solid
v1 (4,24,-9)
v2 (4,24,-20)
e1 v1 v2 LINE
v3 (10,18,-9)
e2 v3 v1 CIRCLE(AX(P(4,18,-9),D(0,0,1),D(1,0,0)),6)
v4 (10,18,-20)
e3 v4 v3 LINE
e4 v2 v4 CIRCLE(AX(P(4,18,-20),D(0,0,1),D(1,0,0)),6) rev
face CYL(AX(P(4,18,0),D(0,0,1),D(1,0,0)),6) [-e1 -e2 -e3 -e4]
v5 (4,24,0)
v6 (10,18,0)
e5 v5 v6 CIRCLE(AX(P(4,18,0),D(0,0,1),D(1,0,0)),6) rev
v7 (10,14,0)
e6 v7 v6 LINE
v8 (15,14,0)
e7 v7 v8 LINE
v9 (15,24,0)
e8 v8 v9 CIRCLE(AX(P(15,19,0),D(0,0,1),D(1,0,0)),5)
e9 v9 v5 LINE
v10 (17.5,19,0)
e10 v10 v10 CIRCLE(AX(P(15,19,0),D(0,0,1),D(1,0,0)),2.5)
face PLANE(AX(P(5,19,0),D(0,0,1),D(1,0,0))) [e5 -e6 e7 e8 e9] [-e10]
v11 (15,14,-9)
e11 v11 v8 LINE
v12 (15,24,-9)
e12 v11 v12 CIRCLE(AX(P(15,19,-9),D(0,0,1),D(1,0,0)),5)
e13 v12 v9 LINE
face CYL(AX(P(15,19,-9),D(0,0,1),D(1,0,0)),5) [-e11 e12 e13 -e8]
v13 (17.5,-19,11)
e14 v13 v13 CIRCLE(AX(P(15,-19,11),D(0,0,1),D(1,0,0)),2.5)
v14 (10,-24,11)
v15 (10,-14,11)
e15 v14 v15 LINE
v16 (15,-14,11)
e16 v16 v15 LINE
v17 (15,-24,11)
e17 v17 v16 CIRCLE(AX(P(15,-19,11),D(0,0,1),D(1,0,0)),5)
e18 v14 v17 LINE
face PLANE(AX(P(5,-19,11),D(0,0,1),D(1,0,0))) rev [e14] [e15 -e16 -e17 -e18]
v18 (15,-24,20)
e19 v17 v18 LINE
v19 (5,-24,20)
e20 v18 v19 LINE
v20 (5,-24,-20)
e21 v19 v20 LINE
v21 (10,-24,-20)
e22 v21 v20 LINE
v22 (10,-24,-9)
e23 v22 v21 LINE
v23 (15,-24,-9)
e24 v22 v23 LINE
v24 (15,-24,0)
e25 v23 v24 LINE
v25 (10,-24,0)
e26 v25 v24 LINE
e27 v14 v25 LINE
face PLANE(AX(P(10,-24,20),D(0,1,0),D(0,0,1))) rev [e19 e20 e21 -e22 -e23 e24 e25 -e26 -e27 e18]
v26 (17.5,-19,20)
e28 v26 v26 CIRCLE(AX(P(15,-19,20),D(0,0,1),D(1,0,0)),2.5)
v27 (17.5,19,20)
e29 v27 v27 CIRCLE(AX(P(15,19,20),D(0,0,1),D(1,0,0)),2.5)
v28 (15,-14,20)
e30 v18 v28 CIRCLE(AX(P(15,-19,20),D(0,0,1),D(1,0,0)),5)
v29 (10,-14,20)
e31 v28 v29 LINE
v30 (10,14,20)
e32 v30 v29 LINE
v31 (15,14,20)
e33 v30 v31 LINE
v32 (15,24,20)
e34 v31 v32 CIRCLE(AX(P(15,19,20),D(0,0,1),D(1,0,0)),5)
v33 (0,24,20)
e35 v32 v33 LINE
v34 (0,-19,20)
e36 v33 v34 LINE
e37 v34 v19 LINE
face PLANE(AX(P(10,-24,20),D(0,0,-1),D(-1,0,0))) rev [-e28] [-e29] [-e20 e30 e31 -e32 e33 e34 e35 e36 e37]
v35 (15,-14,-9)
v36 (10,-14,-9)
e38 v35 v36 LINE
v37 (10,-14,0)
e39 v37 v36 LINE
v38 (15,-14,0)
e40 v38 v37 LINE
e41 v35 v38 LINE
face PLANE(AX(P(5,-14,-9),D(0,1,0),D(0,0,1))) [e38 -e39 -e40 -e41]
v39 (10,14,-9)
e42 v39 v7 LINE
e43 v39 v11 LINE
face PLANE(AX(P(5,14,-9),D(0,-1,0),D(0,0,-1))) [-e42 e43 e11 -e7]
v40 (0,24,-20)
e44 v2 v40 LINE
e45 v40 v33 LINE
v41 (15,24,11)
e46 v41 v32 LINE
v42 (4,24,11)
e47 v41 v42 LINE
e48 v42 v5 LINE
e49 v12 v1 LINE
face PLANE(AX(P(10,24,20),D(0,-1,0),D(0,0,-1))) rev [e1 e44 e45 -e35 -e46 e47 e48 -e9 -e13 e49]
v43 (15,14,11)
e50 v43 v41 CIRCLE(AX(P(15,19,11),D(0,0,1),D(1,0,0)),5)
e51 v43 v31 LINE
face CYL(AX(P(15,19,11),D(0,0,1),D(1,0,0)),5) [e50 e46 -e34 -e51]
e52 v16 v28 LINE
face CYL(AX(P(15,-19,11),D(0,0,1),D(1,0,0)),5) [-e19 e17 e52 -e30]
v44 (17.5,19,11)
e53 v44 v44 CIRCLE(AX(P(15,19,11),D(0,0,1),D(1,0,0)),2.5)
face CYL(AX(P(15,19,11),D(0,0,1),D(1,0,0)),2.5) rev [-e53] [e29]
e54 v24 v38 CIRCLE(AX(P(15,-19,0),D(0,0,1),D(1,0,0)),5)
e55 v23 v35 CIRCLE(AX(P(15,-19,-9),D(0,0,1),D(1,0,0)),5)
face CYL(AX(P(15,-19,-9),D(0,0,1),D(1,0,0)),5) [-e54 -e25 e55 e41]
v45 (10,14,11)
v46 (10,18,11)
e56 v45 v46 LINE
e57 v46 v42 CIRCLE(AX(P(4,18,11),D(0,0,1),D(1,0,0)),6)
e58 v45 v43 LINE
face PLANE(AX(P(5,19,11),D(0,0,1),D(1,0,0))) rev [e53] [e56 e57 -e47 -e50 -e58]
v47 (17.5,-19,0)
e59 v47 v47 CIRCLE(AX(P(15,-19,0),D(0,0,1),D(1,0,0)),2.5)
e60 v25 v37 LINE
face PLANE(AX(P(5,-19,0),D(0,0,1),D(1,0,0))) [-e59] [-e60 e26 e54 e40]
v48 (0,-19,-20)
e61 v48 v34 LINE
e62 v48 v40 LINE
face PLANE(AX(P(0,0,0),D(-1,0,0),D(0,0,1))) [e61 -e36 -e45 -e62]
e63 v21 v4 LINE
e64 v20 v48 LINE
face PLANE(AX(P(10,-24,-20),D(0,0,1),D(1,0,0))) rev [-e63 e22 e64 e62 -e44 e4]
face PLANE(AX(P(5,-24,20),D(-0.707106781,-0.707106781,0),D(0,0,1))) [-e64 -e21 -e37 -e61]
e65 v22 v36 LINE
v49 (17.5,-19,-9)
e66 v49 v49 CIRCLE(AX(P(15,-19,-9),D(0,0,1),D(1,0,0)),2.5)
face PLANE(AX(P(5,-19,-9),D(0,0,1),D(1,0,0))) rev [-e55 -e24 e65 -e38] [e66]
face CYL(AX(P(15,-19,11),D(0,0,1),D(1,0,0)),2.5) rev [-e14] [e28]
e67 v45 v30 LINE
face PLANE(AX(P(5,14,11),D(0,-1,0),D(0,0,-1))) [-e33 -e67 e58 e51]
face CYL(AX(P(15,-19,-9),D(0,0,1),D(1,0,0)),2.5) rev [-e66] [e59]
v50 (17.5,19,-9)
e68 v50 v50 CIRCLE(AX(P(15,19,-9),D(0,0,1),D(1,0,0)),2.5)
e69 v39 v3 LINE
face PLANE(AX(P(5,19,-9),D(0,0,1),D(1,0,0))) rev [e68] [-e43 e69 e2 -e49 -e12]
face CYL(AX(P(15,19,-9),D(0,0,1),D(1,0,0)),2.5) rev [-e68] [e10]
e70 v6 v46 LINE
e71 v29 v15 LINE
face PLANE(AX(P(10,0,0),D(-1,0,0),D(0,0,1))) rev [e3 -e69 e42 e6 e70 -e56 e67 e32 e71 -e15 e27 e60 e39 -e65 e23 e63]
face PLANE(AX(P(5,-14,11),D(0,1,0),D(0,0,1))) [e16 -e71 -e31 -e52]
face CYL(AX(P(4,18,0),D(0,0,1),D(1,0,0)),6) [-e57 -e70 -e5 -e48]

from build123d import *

# Parameters (mm, degrees)
SKETCH1_W           = 40
SKETCH1_H           = 48
BOSS_EXTRUDE1_DEPTH = 10
SKETCH6_R           = 2.5
BOSS_EXTRUDE2_DEPTH = 9
LPATTERN1_COUNT     = 2
LPATTERN1_PITCH     = 20
FILLET1_R           = 6
CHAMFER2_SIZE       = 5


with BuildPart() as part:
    # Sketch1 → Boss-Extrude1 (new body)
    with BuildSketch(Plane(origin=(0, 0, 0), x_dir=(0, 0, -1), z_dir=(1, 0, 0))):
        Rectangle(SKETCH1_W, SKETCH1_H)
    extrude(amount=BOSS_EXTRUDE1_DEPTH)

    # Sketch6 → Boss-Extrude2 (add)
    with BuildSketch(Plane.XY.offset(20)):
        with BuildLine():
            Line((5, 24), (15, 24))
            ThreePointArc((15, 24), (20, 19), (15, 14))
            Line((15, 14), (5, 14))
            ThreePointArc((5, 14), (0, 19), (5, 24))
        make_face()
        with Locations((15, 19)):
            Circle(SKETCH6_R, mode=Mode.SUBTRACT)
        with BuildLine():
            Line((5, -14), (15, -14))
            ThreePointArc((15, -14), (20, -19), (15, -24))
            Line((15, -24), (5, -24))
            ThreePointArc((5, -24), (0, -19), (5, -14))
        make_face()
        with Locations((15, -19)):
            Circle(SKETCH6_R, mode=Mode.SUBTRACT)
    boss_extrude2 = extrude(amount=-BOSS_EXTRUDE2_DEPTH)

    # LPattern1: Boss-Extrude2 ×2
    with Locations(*[(0, 0, -i * LPATTERN1_PITCH) for i in range(1, LPATTERN1_COUNT)]):
        add(boss_extrude2)

    # Fillet1
    fillet1_edges = [part.edges().sort_by_distance(p)[0] for p in [
        (10, 24, 5.5),
        (10, 24, -14.5),
    ]]
    fillet(fillet1_edges, radius=FILLET1_R)

    # Chamfer2
    chamfer2_edges = [part.edges().sort_by_distance(p)[0] for p in [
        (0, -24, 0),
    ]]
    chamfer(chamfer2_edges, length=CHAMFER2_SIZE)


solid = part.part
